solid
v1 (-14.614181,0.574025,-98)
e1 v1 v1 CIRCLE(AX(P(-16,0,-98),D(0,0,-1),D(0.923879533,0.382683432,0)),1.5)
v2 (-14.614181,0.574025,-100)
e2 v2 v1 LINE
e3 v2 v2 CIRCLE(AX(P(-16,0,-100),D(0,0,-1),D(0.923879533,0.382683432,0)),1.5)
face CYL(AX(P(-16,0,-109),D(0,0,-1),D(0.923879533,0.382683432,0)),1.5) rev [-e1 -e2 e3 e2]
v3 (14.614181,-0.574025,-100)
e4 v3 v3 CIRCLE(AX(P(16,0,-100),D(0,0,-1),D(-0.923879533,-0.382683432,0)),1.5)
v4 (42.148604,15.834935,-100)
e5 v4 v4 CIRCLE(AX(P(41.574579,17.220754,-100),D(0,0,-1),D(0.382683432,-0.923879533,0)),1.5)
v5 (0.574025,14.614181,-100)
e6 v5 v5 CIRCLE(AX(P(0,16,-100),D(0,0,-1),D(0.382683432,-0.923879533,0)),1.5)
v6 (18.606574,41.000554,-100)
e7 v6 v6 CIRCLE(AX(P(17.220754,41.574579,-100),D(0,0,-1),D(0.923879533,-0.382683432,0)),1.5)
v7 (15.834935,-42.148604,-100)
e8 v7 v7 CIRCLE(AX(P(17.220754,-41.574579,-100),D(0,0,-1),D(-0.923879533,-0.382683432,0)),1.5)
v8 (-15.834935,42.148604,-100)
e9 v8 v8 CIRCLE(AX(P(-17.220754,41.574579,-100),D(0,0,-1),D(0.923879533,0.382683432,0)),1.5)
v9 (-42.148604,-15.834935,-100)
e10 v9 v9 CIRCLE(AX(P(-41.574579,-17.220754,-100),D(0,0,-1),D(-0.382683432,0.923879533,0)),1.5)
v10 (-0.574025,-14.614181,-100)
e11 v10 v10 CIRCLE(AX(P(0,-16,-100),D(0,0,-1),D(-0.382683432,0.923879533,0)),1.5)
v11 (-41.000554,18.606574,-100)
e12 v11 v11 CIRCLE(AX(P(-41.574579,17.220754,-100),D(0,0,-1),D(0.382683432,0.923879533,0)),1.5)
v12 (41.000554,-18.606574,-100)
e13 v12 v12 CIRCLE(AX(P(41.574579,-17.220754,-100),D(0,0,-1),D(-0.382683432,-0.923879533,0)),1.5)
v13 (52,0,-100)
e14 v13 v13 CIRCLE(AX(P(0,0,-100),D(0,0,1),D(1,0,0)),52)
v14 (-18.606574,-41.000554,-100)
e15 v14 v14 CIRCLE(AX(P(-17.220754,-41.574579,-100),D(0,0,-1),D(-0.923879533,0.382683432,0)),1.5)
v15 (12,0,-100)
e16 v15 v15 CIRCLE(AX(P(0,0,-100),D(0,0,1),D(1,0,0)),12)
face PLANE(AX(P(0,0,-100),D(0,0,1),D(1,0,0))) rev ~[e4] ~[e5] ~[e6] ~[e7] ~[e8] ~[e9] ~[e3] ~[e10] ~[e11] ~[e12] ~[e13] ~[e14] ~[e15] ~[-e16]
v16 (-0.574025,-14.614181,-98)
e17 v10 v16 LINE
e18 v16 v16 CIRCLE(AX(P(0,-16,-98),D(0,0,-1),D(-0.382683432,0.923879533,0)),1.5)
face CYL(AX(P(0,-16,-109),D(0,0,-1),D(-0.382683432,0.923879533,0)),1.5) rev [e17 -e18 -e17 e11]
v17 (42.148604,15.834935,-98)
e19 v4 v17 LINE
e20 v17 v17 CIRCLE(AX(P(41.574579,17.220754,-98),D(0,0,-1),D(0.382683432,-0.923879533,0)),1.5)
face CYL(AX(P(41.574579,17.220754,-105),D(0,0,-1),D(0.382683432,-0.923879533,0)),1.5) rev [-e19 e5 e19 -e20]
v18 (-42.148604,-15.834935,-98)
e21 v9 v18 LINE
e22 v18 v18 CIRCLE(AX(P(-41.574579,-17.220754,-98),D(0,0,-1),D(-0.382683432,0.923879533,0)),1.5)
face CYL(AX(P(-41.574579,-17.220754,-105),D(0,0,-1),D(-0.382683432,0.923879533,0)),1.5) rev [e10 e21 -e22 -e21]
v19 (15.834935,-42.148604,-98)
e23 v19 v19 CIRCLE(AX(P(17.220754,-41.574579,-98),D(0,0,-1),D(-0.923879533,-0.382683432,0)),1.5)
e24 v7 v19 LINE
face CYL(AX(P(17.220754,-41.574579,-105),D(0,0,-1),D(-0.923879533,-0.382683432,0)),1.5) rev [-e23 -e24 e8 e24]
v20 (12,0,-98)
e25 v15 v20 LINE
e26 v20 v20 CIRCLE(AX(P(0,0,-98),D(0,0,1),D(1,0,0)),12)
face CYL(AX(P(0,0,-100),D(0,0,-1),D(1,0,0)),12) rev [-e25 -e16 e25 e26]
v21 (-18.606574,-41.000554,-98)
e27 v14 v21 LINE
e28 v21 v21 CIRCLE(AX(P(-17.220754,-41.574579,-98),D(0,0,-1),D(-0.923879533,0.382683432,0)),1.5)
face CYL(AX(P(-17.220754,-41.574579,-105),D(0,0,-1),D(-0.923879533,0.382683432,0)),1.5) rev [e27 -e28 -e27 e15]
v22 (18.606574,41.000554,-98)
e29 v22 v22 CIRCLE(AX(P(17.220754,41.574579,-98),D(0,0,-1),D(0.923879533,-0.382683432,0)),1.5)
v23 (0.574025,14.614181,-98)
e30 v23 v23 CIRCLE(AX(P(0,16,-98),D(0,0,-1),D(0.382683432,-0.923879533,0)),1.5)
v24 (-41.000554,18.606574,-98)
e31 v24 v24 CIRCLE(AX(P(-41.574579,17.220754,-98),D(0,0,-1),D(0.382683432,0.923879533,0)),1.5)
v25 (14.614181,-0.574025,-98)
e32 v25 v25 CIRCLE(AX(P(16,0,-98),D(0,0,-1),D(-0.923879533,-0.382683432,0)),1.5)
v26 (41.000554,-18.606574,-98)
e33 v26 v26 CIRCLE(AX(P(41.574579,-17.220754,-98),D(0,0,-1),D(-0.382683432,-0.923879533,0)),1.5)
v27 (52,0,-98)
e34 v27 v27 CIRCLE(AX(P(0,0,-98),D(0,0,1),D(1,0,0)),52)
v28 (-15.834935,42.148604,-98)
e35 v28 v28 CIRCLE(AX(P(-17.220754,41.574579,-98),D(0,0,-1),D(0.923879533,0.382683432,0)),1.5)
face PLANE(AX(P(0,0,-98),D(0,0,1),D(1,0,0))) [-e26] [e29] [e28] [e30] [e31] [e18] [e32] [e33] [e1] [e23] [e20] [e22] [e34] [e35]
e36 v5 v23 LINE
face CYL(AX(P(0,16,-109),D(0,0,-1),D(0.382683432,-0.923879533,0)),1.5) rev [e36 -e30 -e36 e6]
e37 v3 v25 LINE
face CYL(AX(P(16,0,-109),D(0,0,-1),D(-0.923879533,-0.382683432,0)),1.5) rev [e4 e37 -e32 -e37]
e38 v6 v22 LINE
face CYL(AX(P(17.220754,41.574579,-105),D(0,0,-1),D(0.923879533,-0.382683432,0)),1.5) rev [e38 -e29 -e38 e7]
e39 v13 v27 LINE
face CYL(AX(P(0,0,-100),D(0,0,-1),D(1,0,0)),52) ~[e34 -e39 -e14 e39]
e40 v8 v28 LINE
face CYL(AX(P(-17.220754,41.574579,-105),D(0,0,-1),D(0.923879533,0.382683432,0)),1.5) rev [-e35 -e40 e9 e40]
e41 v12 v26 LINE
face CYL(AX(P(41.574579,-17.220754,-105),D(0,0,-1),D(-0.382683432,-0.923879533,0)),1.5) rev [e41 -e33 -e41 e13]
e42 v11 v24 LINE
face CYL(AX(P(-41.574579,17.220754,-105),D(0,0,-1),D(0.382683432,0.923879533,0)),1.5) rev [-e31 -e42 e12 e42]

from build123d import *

# Parameters (mm, degrees)
CYLINDER623_R               = 1.5
CYLINDER623_DEPTH           = 20
CYLINDER623_PLACEMENT_ANGLE = 45
CYLINDER632_R               = 1.5
CYLINDER632_DEPTH           = 20
CYLINDER629_R               = 1.5
CYLINDER629_DEPTH           = 20
CYLINDER629_PLACEMENT_ANGLE = 135
CYLINDER639_R               = 1.5
CYLINDER639_DEPTH           = 20
CYLINDER638_R               = 1.5
CYLINDER638_DEPTH           = 20
CYLINDER638_PLACEMENT_ANGLE = 225
CYLINDER631_R               = 1.5
CYLINDER631_DEPTH           = 20
CYLINDER633_R               = 1.5
CYLINDER633_DEPTH           = 20
CYLINDER633_PLACEMENT_ANGLE = 45
CYLINDER628_R               = 1.5
CYLINDER628_DEPTH           = 20
COMPOUND654_PLACEMENT_ANGLE = 22.5
CYLINDER625_R               = 1.5
CYLINDER625_DEPTH           = 16
CYLINDER625_PLACEMENT_ANGLE = 67.5
CYLINDER626_R               = 1.5
CYLINDER626_DEPTH           = 16
CYLINDER626_PLACEMENT_ANGLE = 22.5
CYLINDER627_R               = 1.5
CYLINDER627_DEPTH           = 16
CYLINDER627_PLACEMENT_ANGLE = 112.5
CYLINDER630_R               = 1.5
CYLINDER630_DEPTH           = 16
CYLINDER630_PLACEMENT_ANGLE = 202.5
TUBE038_R                   = 52
TUBE038_R_2                 = 12
TUBE038_DEPTH               = 2


with BuildPart() as v_lec623:
    # Cylinder623 → Cylinder623 (new body)
    with BuildSketch(Plane.XY):
        Circle(CYLINDER623_R)
    extrude(amount=CYLINDER623_DEPTH)


with BuildPart() as v_lec623_1:
    # Cylinder623 placement: moved
    add(v_lec623.part.moved(Location((-31.819805, 31.819805, -18))).rotate(Axis((-31.819805, 31.819805, -18), (0, 0, 1)), CYLINDER623_PLACEMENT_ANGLE))


with BuildPart() as v_lec632:
    # Cylinder632 → Cylinder632 (new body)
    with BuildSketch(Plane(origin=(-45, 0, -18), x_dir=(0, 1, 0), z_dir=(0, 0, 1))):
        Circle(CYLINDER632_R)
    extrude(amount=CYLINDER632_DEPTH)


with BuildPart() as v_lec629:
    # Cylinder629 → Cylinder629 (new body)
    with BuildSketch(Plane.XY):
        Circle(CYLINDER629_R)
    extrude(amount=CYLINDER629_DEPTH)


with BuildPart() as v_lec629_1:
    # Cylinder629 placement: moved
    add(v_lec629.part.moved(Location((-31.819805, -31.819805, -18))).rotate(Axis((-31.819805, -31.819805, -18), (0, 0, 1)), CYLINDER629_PLACEMENT_ANGLE))


with BuildPart() as v_lec639:
    # Cylinder639 → Cylinder639 (new body)
    with BuildSketch(Plane(origin=(0, -45, -18), x_dir=(-1, 0, 0), z_dir=(0, 0, 1))):
        Circle(CYLINDER639_R)
    extrude(amount=CYLINDER639_DEPTH)


with BuildPart() as v_lec638:
    # Cylinder638 → Cylinder638 (new body)
    with BuildSketch(Plane.XY):
        Circle(CYLINDER638_R)
    extrude(amount=CYLINDER638_DEPTH)


with BuildPart() as v_lec638_1:
    # Cylinder638 placement: moved
    add(v_lec638.part.moved(Location((31.819805, -31.819805, -18))).rotate(Axis((31.819805, -31.819805, -18), (0, 0, 1)), CYLINDER638_PLACEMENT_ANGLE))


with BuildPart() as v_lec631:
    # Cylinder631 → Cylinder631 (new body)
    with BuildSketch(Plane(origin=(45, 0, -18), x_dir=(0, -1, 0), z_dir=(0, 0, 1))):
        Circle(CYLINDER631_R)
    extrude(amount=CYLINDER631_DEPTH)


with BuildPart() as v_lec633:
    # Cylinder633 → Cylinder633 (new body)
    with BuildSketch(Plane.XY):
        Circle(CYLINDER633_R)
    extrude(amount=CYLINDER633_DEPTH)


with BuildPart() as v_lec633_1:
    # Cylinder633 placement: moved
    add(v_lec633.part.moved(Location((31.819805, 31.819805, -18))).rotate(Axis((31.819805, 31.819805, -18), (0, 0, -1)), CYLINDER633_PLACEMENT_ANGLE))


with BuildPart() as compound654:
    # Cylinder628 → Cylinder628 (new body)
    with BuildSketch(Plane(origin=(0, 45, -18), x_dir=(1, 0, 0), z_dir=(0, 0, 1))):
        Circle(CYLINDER628_R)
    extrude(amount=CYLINDER628_DEPTH)

    # Compound654: union Válec623, Válec632, Válec629, Válec639, Válec638, Válec631, Válec633
    add(v_lec623_1.part)
    add(v_lec632.part)
    add(v_lec629_1.part)
    add(v_lec639.part)
    add(v_lec638_1.part)
    add(v_lec631.part)
    add(v_lec633_1.part)


with BuildPart() as compound654_1:
    # Compound654 placement: moved
    add(compound654.part.moved(Location((0, 0, -87))).rotate(Axis((0, 0, -87), (0, 0, 1)), COMPOUND654_PLACEMENT_ANGLE))


with BuildPart() as v_lec625:
    # Cylinder625 → Cylinder625 (new body)
    with BuildSketch(Plane.XY):
        Circle(CYLINDER625_R)
    extrude(amount=CYLINDER625_DEPTH)


with BuildPart() as v_lec625_1:
    # Cylinder625 placement: moved
    add(v_lec625.part.moved(Location((0, 16, 2))).rotate(Axis((0, 16, 2), (0, 0, -1)), CYLINDER625_PLACEMENT_ANGLE))


with BuildPart() as v_lec626:
    # Cylinder626 → Cylinder626 (new body)
    with BuildSketch(Plane.XY):
        Circle(CYLINDER626_R)
    extrude(amount=CYLINDER626_DEPTH)


with BuildPart() as v_lec626_1:
    # Cylinder626 placement: moved
    add(v_lec626.part.moved(Location((-16, 0, 2))).rotate(Axis((-16, 0, 2), (0, 0, 1)), CYLINDER626_PLACEMENT_ANGLE))


with BuildPart() as v_lec627:
    # Cylinder627 → Cylinder627 (new body)
    with BuildSketch(Plane.XY):
        Circle(CYLINDER627_R)
    extrude(amount=CYLINDER627_DEPTH)


with BuildPart() as v_lec627_1:
    # Cylinder627 placement: moved
    add(v_lec627.part.moved(Location((0, -16, 2))).rotate(Axis((0, -16, 2), (0, 0, 1)), CYLINDER627_PLACEMENT_ANGLE))


with BuildPart() as compound653:
    # Cylinder630 → Cylinder630 (new body)
    with BuildSketch(Plane.XY):
        Circle(CYLINDER630_R)
    extrude(amount=CYLINDER630_DEPTH)


with BuildPart() as compound653_1:
    # Cylinder630 placement: moved
    add(compound653.part.moved(Location((16, 0, 2))).rotate(Axis((16, 0, 2), (0, 0, 1)), CYLINDER630_PLACEMENT_ANGLE))

    # Compound653: union Válec625, Válec626, Válec627
    add(v_lec625_1.part)
    add(v_lec626_1.part)
    add(v_lec627_1.part)


with BuildPart() as compound653_2:
    # Compound653 placement: moved
    add(compound653_1.part.moved(Location((0, 0, -111))))


with BuildPart() as cut287:
    # Tube038 → Tube038 (new body)
    with BuildSketch(Plane.XY.offset(-100)):
        Circle(TUBE038_R)
        Circle(TUBE038_R_2, mode=Mode.SUBTRACT)
    extrude(amount=TUBE038_DEPTH)

    # Cut285: cut Compound653
    add(compound653_2.part, mode=Mode.SUBTRACT)

    # Cut287: cut Compound654
    add(compound654_1.part, mode=Mode.SUBTRACT)


solid = cut287.part
